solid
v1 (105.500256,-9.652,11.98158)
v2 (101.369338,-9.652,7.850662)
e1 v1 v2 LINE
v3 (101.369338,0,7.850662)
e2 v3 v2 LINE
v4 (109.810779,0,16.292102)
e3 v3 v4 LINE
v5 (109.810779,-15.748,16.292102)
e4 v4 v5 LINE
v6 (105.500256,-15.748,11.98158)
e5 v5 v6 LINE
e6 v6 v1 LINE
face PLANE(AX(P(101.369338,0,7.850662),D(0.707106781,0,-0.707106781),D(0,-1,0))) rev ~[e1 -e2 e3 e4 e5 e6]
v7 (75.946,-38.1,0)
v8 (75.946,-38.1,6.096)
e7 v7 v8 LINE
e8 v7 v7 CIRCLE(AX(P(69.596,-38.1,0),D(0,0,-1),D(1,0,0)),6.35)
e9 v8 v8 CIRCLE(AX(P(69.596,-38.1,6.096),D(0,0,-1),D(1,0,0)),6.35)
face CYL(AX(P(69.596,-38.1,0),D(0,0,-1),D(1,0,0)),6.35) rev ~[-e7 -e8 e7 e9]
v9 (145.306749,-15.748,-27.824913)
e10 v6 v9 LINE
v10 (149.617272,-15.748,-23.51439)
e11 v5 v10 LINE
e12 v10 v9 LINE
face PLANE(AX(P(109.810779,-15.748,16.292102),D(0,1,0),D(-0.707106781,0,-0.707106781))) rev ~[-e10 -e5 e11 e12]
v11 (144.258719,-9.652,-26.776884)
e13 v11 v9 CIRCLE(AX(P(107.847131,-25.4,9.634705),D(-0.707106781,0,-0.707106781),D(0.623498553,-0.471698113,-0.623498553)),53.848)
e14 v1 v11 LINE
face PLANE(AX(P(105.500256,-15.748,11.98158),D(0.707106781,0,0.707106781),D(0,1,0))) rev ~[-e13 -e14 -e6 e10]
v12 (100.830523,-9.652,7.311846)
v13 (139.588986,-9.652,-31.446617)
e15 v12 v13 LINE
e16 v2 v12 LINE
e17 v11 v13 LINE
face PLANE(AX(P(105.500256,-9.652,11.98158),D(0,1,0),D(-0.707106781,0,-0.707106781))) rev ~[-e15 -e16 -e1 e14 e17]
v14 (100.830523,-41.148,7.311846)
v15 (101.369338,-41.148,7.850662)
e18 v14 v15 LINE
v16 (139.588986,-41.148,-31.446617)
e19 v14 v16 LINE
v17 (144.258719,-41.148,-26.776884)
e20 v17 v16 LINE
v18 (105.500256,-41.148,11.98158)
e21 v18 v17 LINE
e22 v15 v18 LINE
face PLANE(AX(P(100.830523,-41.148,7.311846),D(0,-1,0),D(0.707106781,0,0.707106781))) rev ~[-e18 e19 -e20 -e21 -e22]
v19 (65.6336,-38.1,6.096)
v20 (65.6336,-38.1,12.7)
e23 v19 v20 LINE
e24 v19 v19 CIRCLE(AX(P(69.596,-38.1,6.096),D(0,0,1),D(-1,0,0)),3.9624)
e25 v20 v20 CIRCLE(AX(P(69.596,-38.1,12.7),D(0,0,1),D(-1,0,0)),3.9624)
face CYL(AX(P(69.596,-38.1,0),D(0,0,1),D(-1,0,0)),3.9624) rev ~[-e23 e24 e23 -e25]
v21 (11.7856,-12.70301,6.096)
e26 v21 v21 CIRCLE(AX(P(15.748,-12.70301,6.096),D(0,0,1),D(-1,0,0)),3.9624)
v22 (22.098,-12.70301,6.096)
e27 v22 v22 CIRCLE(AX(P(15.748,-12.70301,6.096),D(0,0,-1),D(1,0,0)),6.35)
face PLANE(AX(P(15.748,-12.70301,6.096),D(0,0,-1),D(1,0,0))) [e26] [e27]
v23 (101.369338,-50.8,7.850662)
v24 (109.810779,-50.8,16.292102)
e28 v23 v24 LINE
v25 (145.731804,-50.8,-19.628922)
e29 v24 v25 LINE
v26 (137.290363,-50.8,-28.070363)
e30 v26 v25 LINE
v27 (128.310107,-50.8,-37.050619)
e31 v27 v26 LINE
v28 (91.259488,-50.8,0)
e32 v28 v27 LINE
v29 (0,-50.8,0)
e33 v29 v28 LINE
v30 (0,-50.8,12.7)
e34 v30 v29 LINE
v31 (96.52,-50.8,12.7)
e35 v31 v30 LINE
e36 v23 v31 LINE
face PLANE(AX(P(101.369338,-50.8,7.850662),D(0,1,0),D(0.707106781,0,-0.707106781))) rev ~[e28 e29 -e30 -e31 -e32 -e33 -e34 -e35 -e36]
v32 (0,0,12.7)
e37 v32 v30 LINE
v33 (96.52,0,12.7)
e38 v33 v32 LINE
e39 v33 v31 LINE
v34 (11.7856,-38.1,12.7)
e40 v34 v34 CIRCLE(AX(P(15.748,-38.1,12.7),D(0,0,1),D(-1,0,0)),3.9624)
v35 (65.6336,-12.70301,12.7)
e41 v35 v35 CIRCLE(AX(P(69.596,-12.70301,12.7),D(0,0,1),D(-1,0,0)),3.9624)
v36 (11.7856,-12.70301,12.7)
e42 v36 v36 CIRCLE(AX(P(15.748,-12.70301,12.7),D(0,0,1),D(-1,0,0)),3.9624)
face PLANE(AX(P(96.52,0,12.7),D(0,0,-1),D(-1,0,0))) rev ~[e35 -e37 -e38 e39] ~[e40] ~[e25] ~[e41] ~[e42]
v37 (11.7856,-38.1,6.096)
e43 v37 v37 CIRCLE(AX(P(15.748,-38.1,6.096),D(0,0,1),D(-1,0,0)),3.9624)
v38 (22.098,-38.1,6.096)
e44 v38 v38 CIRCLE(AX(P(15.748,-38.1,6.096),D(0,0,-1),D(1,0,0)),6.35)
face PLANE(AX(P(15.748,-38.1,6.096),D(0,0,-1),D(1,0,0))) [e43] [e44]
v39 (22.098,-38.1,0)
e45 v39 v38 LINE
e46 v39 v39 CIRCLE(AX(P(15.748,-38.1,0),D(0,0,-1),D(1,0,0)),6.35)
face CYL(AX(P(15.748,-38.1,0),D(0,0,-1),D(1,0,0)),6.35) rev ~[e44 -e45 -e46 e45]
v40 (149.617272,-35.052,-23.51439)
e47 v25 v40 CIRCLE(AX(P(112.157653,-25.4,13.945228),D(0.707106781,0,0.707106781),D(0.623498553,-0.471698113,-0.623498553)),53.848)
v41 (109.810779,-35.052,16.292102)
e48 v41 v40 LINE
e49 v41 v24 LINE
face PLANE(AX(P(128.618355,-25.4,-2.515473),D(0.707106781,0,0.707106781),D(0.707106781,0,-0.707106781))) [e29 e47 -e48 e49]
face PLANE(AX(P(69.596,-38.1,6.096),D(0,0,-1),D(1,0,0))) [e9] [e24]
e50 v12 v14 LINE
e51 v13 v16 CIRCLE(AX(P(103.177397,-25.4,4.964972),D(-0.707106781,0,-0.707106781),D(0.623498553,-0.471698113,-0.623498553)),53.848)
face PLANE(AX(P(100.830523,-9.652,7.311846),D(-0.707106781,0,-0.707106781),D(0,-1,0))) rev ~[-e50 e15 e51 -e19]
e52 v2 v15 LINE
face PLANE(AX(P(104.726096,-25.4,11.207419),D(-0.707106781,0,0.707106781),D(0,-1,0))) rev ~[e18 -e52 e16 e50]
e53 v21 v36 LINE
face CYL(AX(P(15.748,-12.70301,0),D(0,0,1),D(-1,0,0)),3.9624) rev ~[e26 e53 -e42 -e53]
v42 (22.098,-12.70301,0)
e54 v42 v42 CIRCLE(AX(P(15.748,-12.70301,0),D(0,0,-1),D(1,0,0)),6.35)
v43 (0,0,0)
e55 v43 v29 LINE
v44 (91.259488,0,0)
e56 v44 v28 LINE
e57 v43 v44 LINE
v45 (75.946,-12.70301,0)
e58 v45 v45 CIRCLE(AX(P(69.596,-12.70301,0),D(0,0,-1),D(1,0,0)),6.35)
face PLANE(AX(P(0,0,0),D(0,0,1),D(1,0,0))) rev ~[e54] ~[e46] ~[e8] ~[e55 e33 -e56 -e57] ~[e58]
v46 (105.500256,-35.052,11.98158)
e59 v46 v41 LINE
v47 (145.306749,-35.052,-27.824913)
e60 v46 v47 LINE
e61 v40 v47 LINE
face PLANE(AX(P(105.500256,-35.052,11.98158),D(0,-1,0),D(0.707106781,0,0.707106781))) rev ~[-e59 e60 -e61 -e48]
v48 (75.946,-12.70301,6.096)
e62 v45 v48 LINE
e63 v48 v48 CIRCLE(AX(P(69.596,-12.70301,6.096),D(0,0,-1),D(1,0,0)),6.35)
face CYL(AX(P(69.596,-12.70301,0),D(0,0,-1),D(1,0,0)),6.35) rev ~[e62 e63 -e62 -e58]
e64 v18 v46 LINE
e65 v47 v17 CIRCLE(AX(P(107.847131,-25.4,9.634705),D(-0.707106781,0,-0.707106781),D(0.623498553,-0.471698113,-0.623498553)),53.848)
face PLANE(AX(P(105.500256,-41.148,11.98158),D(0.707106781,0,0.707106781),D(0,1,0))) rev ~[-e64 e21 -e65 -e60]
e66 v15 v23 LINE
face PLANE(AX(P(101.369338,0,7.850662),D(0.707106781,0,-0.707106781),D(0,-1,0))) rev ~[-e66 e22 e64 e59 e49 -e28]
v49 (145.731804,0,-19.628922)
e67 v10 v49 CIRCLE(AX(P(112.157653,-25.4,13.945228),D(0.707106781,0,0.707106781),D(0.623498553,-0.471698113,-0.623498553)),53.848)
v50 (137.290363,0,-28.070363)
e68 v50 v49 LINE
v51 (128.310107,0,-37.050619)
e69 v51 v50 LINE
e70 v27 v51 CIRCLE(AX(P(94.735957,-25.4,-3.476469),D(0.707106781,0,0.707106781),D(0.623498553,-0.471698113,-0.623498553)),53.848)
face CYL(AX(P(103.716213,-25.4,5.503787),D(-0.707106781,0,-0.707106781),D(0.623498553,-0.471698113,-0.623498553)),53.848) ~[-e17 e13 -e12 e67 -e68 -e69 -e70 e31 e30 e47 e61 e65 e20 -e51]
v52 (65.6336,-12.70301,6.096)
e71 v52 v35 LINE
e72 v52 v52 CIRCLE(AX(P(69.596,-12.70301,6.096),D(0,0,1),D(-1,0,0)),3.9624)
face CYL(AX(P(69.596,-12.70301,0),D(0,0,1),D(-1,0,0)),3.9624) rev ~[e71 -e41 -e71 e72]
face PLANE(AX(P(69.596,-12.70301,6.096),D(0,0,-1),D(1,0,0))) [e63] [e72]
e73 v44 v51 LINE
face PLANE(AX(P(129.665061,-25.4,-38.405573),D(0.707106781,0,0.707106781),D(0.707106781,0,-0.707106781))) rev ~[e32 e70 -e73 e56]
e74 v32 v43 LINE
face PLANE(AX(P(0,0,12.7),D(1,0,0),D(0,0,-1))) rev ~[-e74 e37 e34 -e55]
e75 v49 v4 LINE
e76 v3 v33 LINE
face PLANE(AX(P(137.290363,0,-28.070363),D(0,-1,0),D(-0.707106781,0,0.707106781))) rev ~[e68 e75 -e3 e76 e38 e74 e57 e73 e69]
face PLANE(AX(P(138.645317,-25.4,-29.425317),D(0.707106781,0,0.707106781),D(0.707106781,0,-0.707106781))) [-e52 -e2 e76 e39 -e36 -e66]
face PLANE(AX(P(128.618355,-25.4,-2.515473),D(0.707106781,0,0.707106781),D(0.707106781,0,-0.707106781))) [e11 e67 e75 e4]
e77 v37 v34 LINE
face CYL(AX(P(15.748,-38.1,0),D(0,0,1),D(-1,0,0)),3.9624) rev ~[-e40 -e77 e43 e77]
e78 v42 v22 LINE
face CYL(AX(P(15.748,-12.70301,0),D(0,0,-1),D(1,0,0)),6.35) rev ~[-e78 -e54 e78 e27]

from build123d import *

# Parameters (mm, degrees)
F1_DEPTH        = 50.8
F3_DEPTH        = 12.7
F5_DEPTH        = 11.938
F7_DEPTH        = 76.2
F8_R            = 6.35
F9_DEPTH        = 6.096
F11_D           = 7.9248
F11_CBORE_D     = 12.7
F11_CBORE_DEPTH = 6.096


with BuildPart() as f1:
    # F0 (on Front) → F1 (new body)
    with BuildSketch(Plane.XZ):
        Polygon((0, 12.7), (0, 0), (91.2594877579, 0), (87.5397438789, 3.7197438789), (96.52, 12.7), align=None)
        Polygon((87.5397438789, 3.7197438789), (91.2594877579, 0), (96.52, 0), (96.52, 12.7), align=None)
        Polygon((96.52, 0), (91.2594877579, 0), (128.3101066686, -37.0506189107), (137.2903627897, -28.0703627897), (96.52, 12.7), align=None)
    extrude(amount=F1_DEPTH)

    # F2 (on face) → F3 (join)
    with BuildSketch(Plane(origin=(54.61, 0, 54.61), x_dir=(0.7071067812, 0, -0.7071067812), z_dir=(0.7071067812, 0, 0.7071067812))):
        with BuildLine():
            Line((116.9276903991, 0), (116.9276903991, -50.8))
            ThreePointArc((116.9276903991, -50.8), (123.2946720443, -25.4), (116.9276903991, 0))
        make_face()
    extrude(amount=-F3_DEPTH)

    # F4 (on face) → F5 (join)
    with BuildSketch(Plane(origin=(54.61, 0, 54.61), x_dir=(0.7071067812, 0, -0.7071067812), z_dir=(0.7071067812, 0, 0.7071067812))):
        with BuildLine():
            Line((66.1276903991, -50.8), (116.9276903991, -50.8))
            ThreePointArc((116.9276903991, -50.8), (123.2946720443, -25.4), (116.9276903991, 0))
            Line((116.9276903991, 0), (66.1276903991, 0))
            Line((66.1276903991, 0), (66.1276903991, -50.8))
        make_face()
    extrude(amount=F5_DEPTH)

    # F6 (on face) → F7 (cut)
    with BuildSketch(Plane(origin=(46.7593383054, 0, -46.7593383054), x_dir=(0, -1, 0), z_dir=(-0.7071067812, 0, 0.7071067812))):
        Polygon((35.052, 89.1682026412), (25.4, 89.1682026412), (15.748, 89.1682026412), (15.748, 83.0722026412), (9.652, 83.0722026412), (9.652, 76.4682026412), (41.148, 76.4682026412), (41.148, 83.0722026412), (35.052, 83.0722026412), align=None)
    extrude(amount=-F7_DEPTH, mode=Mode.SUBTRACT)

    # F8 (on face) → F9 (cut)
    with BuildSketch(Plane(origin=(0, 0, 0), x_dir=(1, 0, 0), z_dir=(0, 0, -1))):
        with Locations((15.748, 38.1)):
            Circle(F8_R)
        with Locations((15.748, 12.7030098811)):
            Circle(F8_R)
        with Locations((69.596, 38.1)):
            Circle(F8_R)
        with Locations((69.596, 12.7030098811)):
            Circle(F8_R)
    extrude(amount=-F9_DEPTH, mode=Mode.SUBTRACT)

    # F11 (through all)
    with Locations(Plane(origin=(0, 0, 0), x_dir=(1, 0, 0), z_dir=(0, 0, -1))):
        with Locations((15.748, 38.1), (69.596, 38.1), (69.596, 12.7030098811), (15.748, 12.7030098811)):
            CounterBoreHole(F11_D / 2, F11_CBORE_D / 2, F11_CBORE_DEPTH)


solid = f1.part
